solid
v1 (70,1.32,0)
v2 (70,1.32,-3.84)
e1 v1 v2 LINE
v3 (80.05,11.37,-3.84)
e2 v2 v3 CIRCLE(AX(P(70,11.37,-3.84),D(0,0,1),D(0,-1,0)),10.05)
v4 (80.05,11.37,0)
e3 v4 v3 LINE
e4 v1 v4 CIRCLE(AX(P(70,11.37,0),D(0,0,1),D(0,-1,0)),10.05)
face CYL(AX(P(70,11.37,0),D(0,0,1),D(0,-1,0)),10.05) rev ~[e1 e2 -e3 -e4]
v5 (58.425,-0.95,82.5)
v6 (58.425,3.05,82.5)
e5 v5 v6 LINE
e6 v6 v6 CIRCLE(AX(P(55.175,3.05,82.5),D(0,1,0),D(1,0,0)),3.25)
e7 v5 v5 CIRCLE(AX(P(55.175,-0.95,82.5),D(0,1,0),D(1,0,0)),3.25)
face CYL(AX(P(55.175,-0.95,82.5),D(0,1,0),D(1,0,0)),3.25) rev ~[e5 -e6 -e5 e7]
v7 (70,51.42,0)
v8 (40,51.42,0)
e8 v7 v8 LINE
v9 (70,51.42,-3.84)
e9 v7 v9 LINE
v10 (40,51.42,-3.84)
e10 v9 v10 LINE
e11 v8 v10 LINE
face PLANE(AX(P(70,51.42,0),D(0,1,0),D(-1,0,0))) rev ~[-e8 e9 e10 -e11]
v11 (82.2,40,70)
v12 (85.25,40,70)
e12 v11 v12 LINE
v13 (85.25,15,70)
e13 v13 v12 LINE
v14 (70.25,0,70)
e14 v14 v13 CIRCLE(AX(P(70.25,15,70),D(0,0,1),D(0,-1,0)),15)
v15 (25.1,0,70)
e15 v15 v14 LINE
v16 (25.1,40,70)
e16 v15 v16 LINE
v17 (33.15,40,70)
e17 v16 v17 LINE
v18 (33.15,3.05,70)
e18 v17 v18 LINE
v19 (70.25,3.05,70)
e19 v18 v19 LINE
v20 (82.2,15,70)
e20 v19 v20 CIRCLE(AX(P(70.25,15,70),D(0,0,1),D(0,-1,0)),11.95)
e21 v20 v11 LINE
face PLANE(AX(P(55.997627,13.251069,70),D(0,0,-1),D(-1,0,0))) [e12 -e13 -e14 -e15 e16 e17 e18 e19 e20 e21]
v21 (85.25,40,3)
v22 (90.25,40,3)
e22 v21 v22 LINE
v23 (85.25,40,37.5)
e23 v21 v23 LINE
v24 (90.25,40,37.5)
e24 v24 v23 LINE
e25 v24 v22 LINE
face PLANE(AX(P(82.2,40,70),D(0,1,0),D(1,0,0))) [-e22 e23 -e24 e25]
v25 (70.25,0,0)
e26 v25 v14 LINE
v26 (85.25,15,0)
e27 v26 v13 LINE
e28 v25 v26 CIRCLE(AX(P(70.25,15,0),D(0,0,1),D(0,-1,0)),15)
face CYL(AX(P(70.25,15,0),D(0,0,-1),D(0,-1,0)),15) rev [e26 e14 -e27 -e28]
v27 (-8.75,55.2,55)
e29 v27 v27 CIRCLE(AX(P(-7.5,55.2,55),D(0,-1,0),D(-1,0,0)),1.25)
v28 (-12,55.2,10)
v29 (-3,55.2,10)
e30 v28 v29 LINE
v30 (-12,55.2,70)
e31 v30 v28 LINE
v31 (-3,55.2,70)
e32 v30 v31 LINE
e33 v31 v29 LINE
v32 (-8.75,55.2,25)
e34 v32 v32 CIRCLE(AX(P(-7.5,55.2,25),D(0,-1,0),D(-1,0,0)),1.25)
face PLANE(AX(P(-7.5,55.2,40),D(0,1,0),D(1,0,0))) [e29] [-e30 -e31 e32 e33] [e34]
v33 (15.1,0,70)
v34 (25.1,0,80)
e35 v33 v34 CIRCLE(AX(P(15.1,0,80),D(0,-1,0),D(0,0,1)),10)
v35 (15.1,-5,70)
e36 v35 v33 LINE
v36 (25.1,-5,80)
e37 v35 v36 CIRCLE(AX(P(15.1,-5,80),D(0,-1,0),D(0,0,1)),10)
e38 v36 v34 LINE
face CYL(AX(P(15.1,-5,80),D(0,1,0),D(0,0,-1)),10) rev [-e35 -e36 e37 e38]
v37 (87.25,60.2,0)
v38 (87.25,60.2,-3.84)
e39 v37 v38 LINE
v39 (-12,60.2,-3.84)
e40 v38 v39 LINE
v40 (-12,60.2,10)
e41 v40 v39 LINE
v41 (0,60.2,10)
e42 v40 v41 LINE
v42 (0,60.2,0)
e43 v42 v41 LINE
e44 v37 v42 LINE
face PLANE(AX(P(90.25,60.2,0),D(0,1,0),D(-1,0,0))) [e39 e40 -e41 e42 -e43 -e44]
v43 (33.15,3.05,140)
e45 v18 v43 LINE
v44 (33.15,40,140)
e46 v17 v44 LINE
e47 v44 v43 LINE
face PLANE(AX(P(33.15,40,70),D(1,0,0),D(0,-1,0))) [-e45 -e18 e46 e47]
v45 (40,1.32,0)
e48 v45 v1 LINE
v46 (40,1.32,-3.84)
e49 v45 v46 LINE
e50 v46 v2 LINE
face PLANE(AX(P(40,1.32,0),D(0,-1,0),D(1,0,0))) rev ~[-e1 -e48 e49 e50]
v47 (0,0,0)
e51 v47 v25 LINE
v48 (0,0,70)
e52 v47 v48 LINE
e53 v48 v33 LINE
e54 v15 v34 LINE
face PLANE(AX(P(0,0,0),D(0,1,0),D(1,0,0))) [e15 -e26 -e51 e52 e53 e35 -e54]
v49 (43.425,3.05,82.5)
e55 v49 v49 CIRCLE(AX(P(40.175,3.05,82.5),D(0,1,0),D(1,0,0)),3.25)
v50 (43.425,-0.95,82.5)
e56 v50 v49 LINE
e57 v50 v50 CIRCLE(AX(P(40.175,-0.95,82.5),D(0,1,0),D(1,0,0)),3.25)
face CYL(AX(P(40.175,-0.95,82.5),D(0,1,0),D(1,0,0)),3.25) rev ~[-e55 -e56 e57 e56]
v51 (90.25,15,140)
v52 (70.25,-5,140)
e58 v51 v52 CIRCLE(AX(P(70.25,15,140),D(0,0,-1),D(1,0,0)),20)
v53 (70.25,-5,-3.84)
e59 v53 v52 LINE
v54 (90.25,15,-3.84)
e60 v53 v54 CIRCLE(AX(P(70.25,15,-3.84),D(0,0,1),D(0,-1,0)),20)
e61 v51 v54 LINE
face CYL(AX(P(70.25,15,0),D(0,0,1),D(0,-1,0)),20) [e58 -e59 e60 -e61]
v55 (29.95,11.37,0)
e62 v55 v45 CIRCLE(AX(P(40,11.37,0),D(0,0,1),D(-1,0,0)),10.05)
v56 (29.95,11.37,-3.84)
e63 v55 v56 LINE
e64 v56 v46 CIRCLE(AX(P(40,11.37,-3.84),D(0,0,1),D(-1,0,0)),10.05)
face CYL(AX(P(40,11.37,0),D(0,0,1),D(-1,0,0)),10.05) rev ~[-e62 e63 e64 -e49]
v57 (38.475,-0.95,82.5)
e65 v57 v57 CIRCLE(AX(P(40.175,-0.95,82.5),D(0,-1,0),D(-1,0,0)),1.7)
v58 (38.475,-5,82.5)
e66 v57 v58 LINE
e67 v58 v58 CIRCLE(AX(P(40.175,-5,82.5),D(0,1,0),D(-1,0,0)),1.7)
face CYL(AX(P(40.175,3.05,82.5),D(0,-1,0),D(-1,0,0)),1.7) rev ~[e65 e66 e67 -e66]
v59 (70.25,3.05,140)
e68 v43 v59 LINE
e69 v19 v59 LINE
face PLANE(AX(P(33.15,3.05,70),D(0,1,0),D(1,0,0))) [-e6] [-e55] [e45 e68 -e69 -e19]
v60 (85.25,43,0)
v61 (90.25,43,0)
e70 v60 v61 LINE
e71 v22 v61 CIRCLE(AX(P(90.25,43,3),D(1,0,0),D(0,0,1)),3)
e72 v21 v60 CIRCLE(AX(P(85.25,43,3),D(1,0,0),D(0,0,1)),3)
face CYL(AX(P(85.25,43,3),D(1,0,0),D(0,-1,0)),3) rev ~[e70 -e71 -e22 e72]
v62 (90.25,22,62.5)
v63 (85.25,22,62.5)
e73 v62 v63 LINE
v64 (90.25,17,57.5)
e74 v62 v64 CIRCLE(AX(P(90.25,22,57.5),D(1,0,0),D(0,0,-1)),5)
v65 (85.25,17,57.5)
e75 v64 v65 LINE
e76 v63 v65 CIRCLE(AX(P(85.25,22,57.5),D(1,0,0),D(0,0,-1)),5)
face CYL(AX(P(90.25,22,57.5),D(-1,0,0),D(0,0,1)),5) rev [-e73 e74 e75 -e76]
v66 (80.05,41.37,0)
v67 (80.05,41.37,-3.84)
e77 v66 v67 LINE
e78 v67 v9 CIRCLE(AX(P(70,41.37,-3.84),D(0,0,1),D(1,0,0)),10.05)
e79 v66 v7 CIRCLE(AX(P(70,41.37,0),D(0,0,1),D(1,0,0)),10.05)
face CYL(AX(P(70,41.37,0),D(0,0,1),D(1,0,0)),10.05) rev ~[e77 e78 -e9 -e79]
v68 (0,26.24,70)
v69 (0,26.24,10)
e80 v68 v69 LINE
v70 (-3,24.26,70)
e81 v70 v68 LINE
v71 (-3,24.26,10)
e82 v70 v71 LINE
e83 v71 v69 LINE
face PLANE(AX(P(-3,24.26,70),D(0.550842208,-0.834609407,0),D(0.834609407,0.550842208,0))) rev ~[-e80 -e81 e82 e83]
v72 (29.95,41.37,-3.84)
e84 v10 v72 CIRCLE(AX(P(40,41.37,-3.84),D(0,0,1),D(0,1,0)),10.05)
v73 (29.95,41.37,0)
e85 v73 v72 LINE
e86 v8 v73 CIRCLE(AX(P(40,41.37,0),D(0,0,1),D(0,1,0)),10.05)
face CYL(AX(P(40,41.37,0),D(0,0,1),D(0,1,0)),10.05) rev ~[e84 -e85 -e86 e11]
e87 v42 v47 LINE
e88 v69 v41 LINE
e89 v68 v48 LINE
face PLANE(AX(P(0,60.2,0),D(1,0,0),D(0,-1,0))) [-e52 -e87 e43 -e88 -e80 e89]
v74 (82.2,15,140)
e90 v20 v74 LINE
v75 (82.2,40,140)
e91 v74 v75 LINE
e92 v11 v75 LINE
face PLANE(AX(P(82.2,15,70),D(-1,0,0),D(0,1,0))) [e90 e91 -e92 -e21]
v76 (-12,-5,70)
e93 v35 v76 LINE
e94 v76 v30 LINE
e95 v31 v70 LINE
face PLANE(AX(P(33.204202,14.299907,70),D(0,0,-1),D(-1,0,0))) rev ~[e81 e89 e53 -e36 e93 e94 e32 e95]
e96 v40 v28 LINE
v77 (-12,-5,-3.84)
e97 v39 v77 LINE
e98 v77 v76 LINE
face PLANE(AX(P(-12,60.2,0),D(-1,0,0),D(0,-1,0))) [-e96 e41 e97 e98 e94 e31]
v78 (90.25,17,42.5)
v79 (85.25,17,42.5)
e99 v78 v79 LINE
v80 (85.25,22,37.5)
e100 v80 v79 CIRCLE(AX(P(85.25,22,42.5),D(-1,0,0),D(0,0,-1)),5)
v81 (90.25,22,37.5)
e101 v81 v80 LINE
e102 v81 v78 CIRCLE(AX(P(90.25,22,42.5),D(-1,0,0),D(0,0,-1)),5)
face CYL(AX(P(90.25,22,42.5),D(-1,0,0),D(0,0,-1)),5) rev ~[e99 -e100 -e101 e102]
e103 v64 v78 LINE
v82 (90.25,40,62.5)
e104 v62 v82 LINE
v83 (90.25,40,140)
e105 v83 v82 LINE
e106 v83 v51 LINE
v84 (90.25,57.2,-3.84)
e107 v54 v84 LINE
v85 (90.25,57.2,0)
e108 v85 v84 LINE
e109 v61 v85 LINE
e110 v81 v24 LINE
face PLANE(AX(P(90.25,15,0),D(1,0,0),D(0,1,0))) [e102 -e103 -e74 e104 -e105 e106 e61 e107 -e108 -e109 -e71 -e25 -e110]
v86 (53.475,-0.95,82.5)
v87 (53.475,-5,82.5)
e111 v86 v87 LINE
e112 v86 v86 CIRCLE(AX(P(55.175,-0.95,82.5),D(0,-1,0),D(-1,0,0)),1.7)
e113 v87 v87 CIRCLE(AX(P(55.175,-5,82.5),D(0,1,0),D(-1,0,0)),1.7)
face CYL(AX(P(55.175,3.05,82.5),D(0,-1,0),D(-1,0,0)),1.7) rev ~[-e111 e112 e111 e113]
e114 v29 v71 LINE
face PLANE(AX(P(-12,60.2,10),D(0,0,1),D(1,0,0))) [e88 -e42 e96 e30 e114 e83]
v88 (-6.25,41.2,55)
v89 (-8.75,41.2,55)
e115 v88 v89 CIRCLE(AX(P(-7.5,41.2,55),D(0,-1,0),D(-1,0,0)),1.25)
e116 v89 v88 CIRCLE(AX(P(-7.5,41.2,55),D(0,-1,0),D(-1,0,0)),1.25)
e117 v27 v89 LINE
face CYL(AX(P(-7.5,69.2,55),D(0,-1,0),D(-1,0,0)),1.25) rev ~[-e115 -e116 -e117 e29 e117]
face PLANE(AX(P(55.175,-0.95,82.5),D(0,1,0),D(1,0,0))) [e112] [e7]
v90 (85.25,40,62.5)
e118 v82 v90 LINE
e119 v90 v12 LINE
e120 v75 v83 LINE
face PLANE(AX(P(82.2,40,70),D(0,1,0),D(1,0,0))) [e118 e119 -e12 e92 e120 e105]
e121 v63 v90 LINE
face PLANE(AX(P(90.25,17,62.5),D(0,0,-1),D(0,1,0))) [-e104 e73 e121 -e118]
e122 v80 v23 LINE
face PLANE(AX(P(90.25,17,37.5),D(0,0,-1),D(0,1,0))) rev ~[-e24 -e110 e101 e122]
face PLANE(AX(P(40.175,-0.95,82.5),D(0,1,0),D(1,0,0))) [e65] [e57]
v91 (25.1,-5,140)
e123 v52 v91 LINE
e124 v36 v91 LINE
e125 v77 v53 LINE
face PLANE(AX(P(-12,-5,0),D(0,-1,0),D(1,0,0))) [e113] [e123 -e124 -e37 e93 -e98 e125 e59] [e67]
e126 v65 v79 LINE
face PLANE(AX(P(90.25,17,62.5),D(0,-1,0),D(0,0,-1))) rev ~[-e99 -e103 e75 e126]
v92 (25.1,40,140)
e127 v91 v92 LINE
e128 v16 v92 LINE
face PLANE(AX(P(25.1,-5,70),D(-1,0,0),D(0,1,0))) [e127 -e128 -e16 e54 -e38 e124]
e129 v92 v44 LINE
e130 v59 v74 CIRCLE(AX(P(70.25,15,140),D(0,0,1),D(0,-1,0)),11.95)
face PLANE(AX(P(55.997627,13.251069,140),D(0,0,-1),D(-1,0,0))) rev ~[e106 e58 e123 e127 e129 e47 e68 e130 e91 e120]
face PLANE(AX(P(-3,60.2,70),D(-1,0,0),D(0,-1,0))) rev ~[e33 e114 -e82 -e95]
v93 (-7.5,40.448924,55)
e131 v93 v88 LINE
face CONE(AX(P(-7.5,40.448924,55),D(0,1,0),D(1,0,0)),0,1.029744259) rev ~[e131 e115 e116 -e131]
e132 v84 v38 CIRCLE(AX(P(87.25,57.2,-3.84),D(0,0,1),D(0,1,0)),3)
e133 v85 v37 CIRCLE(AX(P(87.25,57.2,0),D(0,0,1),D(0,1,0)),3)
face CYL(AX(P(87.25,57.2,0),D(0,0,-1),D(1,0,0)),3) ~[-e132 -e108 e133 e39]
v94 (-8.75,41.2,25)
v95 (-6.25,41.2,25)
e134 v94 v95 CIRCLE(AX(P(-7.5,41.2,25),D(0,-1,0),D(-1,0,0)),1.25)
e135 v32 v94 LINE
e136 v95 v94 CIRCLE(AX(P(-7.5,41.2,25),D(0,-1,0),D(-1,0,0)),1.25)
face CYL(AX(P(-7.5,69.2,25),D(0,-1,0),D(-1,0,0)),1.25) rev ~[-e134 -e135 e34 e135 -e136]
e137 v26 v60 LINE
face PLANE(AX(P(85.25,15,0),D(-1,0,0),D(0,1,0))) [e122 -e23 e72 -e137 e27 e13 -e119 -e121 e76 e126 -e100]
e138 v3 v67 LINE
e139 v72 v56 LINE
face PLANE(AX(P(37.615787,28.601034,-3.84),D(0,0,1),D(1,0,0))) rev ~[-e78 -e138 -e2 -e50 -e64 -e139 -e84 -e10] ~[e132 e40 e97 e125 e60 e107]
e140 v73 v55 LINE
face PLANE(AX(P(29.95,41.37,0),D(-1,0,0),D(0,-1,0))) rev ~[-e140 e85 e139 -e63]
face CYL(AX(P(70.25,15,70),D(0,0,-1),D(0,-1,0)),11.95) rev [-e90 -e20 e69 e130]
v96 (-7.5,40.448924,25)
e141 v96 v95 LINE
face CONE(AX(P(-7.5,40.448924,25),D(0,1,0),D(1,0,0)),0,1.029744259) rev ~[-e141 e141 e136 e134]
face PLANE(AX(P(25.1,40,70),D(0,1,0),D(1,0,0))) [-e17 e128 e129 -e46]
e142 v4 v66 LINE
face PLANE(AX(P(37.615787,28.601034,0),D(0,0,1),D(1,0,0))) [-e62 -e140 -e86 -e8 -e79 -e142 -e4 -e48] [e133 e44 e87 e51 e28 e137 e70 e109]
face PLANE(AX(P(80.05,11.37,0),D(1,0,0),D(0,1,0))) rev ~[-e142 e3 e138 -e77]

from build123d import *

# Parameters (mm, degrees)
BOSS_EXTRUDE1_DEPTH            = 70
BOSS_EXTRUDE2_DEPTH            = 70
CUT_EXTRUDE1_DEPTH             = 60
SKETCH13_W                     = 9
SKETCH13_H                     = 60
CUT_EXTRUDE3_DEPTH             = 5
SKETCH12_W                     = 25
SKETCH12_H                     = 23
CUT_EXTRUDE2_DEPTH             = 5
BOSS_EXTRUDE3_DEPTH            = 3.84
CBORE_FOR_M3_SHCS1_D           = 3.4
CBORE_FOR_M3_SHCS1_DEPTH       = 8.05
CBORE_FOR_M3_SHCS1_CBORE_D     = 6.5
CBORE_FOR_M3_SHCS1_CBORE_DEPTH = 4
CBORE_FOR_M3_SHCS1_TIP         = 1.021463052
M3X0_5_TAPPED_HOLE1_D          = 2.5
M3X0_5_TAPPED_HOLE1_DEPTH      = 14
M3X0_5_TAPPED_HOLE1_TIP        = 0.751075774
FILLET1_R                      = 10
FILLET4_R                      = 5
FILLET5_R                      = 3
TOLERANCE_BY                   = 0.05
TOLERANCE_2_BY                 = 0.05
TOLERANCE_3_BY                 = 0.05
TOLERANCE_4_BY                 = 0.05
TOLERANCE_5_BY                 = 0.05
TOLERANCE_6_BY                 = 0.05
TOLERANCE_7_BY                 = 0.05
TOLERANCE_8_BY                 = 0.05


with BuildPart() as part:
    # Sketch3 → Boss-Extrude1 (new body)
    with BuildSketch(Plane.XY):
        with BuildLine():
            Line((85.25, 15), (85.25, 40))
            Line((85.25, 40), (90.25, 40))
            Line((90.25, 40), (90.25, 15))
            ThreePointArc((90.25, 15), (84.392135624, 0.857864376), (70.25, -5))
            Line((70.25, -5), (-12, -5))
            Line((-12, -5), (-12, 60.2))
            Line((-12, 60.2), (0, 60.2))
            Line((0, 60.2), (0, 0))
            Line((0, 0), (70.25, 0))
            ThreePointArc((70.25, 0), (80.856601718, 4.393398282), (85.25, 15))
        make_face()
    extrude(amount=BOSS_EXTRUDE1_DEPTH)

    # Sketch5 → Boss-Extrude2 (add)
    with BuildSketch(Plane.XY.offset(70)):
        with BuildLine():
            Line((82.2, 15), (82.2, 40))
            Line((82.2, 40), (90.25, 40))
            Line((90.25, 40), (90.25, 15))
            ThreePointArc((90.25, 15), (84.392135624, 0.857864376), (70.25, -5))
            Line((70.25, -5), (25.1, -5))
            Line((25.1, -5), (25.1, 40))
            Line((25.1, 40), (33.15, 40))
            Line((33.15, 40), (33.15, 3.05))
            Line((33.15, 3.05), (70.25, 3.05))
            ThreePointArc((70.25, 3.05), (78.699926035, 6.550073965), (82.2, 15))
        make_face()
    extrude(amount=BOSS_EXTRUDE2_DEPTH)

    # Sketch6 → Cut-Extrude1 (cut)
    with BuildSketch(Plane.XY.offset(70)):
        Polygon((-3, 24.26), (0, 26.24), (0, 60.2), (-3, 60.2), align=None)
    extrude(amount=-CUT_EXTRUDE1_DEPTH, mode=Mode.SUBTRACT)

    # Sketch13 → Cut-Extrude3 (cut)
    with BuildSketch(Plane(origin=(0, 60.2, 0), x_dir=(1, 0, 0), z_dir=(0, 1, 0))):
        with Locations((-7.5, -40)):
            Rectangle(SKETCH13_W, SKETCH13_H)
    extrude(amount=-CUT_EXTRUDE3_DEPTH, mode=Mode.SUBTRACT)

    # Sketch12 → Cut-Extrude2 (cut)
    with BuildSketch(Plane(origin=(90.25, 0, 0), x_dir=(0, 0, -1), z_dir=(1, 0, 0))):
        with Locations((-50, 28.5)):
            Rectangle(SKETCH12_W, SKETCH12_H)
    extrude(amount=-CUT_EXTRUDE2_DEPTH, mode=Mode.SUBTRACT)

    # Sketch7 → Boss-Extrude3 (add)
    with BuildSketch(Plane.XY):
        with BuildLine():
            Line((-12, 60.2), (-12, -5))
            Line((-12, -5), (70.25, -5))
            ThreePointArc((70.25, -5), (84.392135624, 0.857864376), (90.25, 15))
            Line((90.25, 15), (90.25, 60.2))
            Line((90.25, 60.2), (-12, 60.2))
        make_face()
        with BuildLine():
            Line((70, 51.37), (40, 51.37))
            ThreePointArc((40, 51.37), (32.928932188, 48.441067812), (30, 41.37))
            Line((30, 41.37), (30, 11.37))
            ThreePointArc((30, 11.37), (32.928932188, 4.298932188), (40, 1.37))
            Line((40, 1.37), (70, 1.37))
            ThreePointArc((70, 1.37), (77.071067812, 4.298932188), (80, 11.37))
            Line((80, 11.37), (80, 41.37))
            ThreePointArc((80, 41.37), (77.071067812, 48.441067812), (70, 51.37))
        make_face(mode=Mode.SUBTRACT)
    extrude(amount=-BOSS_EXTRUDE3_DEPTH)

    # CBORE for M3 SHCS1
    with Locations(Plane(origin=(0, 3.05, 0), x_dir=(1, 0, 0), z_dir=(0, 1, 0))):
        with Locations((40.175, -82.5), (55.175, -82.5)):
            CounterBoreHole(CBORE_FOR_M3_SHCS1_D / 2, CBORE_FOR_M3_SHCS1_CBORE_D / 2, CBORE_FOR_M3_SHCS1_CBORE_DEPTH, depth=CBORE_FOR_M3_SHCS1_DEPTH)
            with Locations((0, 0, -(CBORE_FOR_M3_SHCS1_DEPTH + CBORE_FOR_M3_SHCS1_TIP / 2))):  # 118° drill point
                Cone(0, CBORE_FOR_M3_SHCS1_D / 2, CBORE_FOR_M3_SHCS1_TIP, mode=Mode.SUBTRACT)

    # M3x0.5 Tapped Hole1
    with Locations(Plane(origin=(0, 55.2, 0), x_dir=(1, 0, 0), z_dir=(0, 1, 0))):
        with Locations((-7.5, -25), (-7.5, -55)):
            Hole(M3X0_5_TAPPED_HOLE1_D / 2, depth=M3X0_5_TAPPED_HOLE1_DEPTH)
            with Locations((0, 0, -(M3X0_5_TAPPED_HOLE1_DEPTH + M3X0_5_TAPPED_HOLE1_TIP / 2))):  # 118° drill point
                Cone(0, M3X0_5_TAPPED_HOLE1_D / 2, M3X0_5_TAPPED_HOLE1_TIP, mode=Mode.SUBTRACT)

    # Fillet1
    fillet1_edges = [part.edges().sort_by_distance(p)[0] for p in [
        (25.1, -2.5, 70),
    ]]
    fillet(fillet1_edges, radius=FILLET1_R)

    # Fillet4
    fillet4_edges = [part.edges().sort_by_distance(p)[0] for p in [
        (87.75, 17, 37.5),
        (87.75, 17, 62.5),
    ]]
    fillet(fillet4_edges, radius=FILLET4_R)

    # Fillet5
    fillet5_edges = [part.edges().sort_by_distance(p)[0] for p in [
        (87.75, 40, 0),
        (90.25, 60.2, -1.92),
    ]]
    fillet(fillet5_edges, radius=FILLET5_R)

    # Tolerance: a curved face moved inward by 0.05
    add(Solid.thicken(part.faces().sort_by_distance((32.928932188, 4.298932188, -1.92))[0], -TOLERANCE_BY), mode=Mode.SUBTRACT)

    # Tolerance 2: a face moved inward by 0.05
    extrude(part.faces().sort_by_distance((30, 26.37, -1.92))[0], amount=TOLERANCE_2_BY, dir=(-1, 0, 0), mode=Mode.SUBTRACT)

    # Tolerance 3: a curved face moved inward by 0.05
    add(Solid.thicken(part.faces().sort_by_distance((32.928932188, 48.441067812, -1.92))[0], -TOLERANCE_3_BY), mode=Mode.SUBTRACT)

    # Tolerance 4: a face moved inward by 0.05
    extrude(part.faces().sort_by_distance((55, 51.37, -1.92))[0], amount=TOLERANCE_4_BY, dir=(0, 1, 0), mode=Mode.SUBTRACT)

    # Tolerance 5: a curved face moved inward by 0.05
    add(Solid.thicken(part.faces().sort_by_distance((77.071067812, 48.441067812, -1.92))[0], -TOLERANCE_5_BY), mode=Mode.SUBTRACT)

    # Tolerance 6: a face moved inward by 0.05
    extrude(part.faces().sort_by_distance((80, 26.37, -1.92))[0], amount=TOLERANCE_6_BY, dir=(1, 0, 0), mode=Mode.SUBTRACT)

    # Tolerance 7: a curved face moved inward by 0.05
    add(Solid.thicken(part.faces().sort_by_distance((77.071067812, 4.298932188, -1.92))[0], -TOLERANCE_7_BY), mode=Mode.SUBTRACT)

    # Tolerance 8: a face moved inward by 0.05
    extrude(part.faces().sort_by_distance((55, 1.37, -1.92))[0], amount=TOLERANCE_8_BY, dir=(0, -1, 0), mode=Mode.SUBTRACT)


solid = part.part
